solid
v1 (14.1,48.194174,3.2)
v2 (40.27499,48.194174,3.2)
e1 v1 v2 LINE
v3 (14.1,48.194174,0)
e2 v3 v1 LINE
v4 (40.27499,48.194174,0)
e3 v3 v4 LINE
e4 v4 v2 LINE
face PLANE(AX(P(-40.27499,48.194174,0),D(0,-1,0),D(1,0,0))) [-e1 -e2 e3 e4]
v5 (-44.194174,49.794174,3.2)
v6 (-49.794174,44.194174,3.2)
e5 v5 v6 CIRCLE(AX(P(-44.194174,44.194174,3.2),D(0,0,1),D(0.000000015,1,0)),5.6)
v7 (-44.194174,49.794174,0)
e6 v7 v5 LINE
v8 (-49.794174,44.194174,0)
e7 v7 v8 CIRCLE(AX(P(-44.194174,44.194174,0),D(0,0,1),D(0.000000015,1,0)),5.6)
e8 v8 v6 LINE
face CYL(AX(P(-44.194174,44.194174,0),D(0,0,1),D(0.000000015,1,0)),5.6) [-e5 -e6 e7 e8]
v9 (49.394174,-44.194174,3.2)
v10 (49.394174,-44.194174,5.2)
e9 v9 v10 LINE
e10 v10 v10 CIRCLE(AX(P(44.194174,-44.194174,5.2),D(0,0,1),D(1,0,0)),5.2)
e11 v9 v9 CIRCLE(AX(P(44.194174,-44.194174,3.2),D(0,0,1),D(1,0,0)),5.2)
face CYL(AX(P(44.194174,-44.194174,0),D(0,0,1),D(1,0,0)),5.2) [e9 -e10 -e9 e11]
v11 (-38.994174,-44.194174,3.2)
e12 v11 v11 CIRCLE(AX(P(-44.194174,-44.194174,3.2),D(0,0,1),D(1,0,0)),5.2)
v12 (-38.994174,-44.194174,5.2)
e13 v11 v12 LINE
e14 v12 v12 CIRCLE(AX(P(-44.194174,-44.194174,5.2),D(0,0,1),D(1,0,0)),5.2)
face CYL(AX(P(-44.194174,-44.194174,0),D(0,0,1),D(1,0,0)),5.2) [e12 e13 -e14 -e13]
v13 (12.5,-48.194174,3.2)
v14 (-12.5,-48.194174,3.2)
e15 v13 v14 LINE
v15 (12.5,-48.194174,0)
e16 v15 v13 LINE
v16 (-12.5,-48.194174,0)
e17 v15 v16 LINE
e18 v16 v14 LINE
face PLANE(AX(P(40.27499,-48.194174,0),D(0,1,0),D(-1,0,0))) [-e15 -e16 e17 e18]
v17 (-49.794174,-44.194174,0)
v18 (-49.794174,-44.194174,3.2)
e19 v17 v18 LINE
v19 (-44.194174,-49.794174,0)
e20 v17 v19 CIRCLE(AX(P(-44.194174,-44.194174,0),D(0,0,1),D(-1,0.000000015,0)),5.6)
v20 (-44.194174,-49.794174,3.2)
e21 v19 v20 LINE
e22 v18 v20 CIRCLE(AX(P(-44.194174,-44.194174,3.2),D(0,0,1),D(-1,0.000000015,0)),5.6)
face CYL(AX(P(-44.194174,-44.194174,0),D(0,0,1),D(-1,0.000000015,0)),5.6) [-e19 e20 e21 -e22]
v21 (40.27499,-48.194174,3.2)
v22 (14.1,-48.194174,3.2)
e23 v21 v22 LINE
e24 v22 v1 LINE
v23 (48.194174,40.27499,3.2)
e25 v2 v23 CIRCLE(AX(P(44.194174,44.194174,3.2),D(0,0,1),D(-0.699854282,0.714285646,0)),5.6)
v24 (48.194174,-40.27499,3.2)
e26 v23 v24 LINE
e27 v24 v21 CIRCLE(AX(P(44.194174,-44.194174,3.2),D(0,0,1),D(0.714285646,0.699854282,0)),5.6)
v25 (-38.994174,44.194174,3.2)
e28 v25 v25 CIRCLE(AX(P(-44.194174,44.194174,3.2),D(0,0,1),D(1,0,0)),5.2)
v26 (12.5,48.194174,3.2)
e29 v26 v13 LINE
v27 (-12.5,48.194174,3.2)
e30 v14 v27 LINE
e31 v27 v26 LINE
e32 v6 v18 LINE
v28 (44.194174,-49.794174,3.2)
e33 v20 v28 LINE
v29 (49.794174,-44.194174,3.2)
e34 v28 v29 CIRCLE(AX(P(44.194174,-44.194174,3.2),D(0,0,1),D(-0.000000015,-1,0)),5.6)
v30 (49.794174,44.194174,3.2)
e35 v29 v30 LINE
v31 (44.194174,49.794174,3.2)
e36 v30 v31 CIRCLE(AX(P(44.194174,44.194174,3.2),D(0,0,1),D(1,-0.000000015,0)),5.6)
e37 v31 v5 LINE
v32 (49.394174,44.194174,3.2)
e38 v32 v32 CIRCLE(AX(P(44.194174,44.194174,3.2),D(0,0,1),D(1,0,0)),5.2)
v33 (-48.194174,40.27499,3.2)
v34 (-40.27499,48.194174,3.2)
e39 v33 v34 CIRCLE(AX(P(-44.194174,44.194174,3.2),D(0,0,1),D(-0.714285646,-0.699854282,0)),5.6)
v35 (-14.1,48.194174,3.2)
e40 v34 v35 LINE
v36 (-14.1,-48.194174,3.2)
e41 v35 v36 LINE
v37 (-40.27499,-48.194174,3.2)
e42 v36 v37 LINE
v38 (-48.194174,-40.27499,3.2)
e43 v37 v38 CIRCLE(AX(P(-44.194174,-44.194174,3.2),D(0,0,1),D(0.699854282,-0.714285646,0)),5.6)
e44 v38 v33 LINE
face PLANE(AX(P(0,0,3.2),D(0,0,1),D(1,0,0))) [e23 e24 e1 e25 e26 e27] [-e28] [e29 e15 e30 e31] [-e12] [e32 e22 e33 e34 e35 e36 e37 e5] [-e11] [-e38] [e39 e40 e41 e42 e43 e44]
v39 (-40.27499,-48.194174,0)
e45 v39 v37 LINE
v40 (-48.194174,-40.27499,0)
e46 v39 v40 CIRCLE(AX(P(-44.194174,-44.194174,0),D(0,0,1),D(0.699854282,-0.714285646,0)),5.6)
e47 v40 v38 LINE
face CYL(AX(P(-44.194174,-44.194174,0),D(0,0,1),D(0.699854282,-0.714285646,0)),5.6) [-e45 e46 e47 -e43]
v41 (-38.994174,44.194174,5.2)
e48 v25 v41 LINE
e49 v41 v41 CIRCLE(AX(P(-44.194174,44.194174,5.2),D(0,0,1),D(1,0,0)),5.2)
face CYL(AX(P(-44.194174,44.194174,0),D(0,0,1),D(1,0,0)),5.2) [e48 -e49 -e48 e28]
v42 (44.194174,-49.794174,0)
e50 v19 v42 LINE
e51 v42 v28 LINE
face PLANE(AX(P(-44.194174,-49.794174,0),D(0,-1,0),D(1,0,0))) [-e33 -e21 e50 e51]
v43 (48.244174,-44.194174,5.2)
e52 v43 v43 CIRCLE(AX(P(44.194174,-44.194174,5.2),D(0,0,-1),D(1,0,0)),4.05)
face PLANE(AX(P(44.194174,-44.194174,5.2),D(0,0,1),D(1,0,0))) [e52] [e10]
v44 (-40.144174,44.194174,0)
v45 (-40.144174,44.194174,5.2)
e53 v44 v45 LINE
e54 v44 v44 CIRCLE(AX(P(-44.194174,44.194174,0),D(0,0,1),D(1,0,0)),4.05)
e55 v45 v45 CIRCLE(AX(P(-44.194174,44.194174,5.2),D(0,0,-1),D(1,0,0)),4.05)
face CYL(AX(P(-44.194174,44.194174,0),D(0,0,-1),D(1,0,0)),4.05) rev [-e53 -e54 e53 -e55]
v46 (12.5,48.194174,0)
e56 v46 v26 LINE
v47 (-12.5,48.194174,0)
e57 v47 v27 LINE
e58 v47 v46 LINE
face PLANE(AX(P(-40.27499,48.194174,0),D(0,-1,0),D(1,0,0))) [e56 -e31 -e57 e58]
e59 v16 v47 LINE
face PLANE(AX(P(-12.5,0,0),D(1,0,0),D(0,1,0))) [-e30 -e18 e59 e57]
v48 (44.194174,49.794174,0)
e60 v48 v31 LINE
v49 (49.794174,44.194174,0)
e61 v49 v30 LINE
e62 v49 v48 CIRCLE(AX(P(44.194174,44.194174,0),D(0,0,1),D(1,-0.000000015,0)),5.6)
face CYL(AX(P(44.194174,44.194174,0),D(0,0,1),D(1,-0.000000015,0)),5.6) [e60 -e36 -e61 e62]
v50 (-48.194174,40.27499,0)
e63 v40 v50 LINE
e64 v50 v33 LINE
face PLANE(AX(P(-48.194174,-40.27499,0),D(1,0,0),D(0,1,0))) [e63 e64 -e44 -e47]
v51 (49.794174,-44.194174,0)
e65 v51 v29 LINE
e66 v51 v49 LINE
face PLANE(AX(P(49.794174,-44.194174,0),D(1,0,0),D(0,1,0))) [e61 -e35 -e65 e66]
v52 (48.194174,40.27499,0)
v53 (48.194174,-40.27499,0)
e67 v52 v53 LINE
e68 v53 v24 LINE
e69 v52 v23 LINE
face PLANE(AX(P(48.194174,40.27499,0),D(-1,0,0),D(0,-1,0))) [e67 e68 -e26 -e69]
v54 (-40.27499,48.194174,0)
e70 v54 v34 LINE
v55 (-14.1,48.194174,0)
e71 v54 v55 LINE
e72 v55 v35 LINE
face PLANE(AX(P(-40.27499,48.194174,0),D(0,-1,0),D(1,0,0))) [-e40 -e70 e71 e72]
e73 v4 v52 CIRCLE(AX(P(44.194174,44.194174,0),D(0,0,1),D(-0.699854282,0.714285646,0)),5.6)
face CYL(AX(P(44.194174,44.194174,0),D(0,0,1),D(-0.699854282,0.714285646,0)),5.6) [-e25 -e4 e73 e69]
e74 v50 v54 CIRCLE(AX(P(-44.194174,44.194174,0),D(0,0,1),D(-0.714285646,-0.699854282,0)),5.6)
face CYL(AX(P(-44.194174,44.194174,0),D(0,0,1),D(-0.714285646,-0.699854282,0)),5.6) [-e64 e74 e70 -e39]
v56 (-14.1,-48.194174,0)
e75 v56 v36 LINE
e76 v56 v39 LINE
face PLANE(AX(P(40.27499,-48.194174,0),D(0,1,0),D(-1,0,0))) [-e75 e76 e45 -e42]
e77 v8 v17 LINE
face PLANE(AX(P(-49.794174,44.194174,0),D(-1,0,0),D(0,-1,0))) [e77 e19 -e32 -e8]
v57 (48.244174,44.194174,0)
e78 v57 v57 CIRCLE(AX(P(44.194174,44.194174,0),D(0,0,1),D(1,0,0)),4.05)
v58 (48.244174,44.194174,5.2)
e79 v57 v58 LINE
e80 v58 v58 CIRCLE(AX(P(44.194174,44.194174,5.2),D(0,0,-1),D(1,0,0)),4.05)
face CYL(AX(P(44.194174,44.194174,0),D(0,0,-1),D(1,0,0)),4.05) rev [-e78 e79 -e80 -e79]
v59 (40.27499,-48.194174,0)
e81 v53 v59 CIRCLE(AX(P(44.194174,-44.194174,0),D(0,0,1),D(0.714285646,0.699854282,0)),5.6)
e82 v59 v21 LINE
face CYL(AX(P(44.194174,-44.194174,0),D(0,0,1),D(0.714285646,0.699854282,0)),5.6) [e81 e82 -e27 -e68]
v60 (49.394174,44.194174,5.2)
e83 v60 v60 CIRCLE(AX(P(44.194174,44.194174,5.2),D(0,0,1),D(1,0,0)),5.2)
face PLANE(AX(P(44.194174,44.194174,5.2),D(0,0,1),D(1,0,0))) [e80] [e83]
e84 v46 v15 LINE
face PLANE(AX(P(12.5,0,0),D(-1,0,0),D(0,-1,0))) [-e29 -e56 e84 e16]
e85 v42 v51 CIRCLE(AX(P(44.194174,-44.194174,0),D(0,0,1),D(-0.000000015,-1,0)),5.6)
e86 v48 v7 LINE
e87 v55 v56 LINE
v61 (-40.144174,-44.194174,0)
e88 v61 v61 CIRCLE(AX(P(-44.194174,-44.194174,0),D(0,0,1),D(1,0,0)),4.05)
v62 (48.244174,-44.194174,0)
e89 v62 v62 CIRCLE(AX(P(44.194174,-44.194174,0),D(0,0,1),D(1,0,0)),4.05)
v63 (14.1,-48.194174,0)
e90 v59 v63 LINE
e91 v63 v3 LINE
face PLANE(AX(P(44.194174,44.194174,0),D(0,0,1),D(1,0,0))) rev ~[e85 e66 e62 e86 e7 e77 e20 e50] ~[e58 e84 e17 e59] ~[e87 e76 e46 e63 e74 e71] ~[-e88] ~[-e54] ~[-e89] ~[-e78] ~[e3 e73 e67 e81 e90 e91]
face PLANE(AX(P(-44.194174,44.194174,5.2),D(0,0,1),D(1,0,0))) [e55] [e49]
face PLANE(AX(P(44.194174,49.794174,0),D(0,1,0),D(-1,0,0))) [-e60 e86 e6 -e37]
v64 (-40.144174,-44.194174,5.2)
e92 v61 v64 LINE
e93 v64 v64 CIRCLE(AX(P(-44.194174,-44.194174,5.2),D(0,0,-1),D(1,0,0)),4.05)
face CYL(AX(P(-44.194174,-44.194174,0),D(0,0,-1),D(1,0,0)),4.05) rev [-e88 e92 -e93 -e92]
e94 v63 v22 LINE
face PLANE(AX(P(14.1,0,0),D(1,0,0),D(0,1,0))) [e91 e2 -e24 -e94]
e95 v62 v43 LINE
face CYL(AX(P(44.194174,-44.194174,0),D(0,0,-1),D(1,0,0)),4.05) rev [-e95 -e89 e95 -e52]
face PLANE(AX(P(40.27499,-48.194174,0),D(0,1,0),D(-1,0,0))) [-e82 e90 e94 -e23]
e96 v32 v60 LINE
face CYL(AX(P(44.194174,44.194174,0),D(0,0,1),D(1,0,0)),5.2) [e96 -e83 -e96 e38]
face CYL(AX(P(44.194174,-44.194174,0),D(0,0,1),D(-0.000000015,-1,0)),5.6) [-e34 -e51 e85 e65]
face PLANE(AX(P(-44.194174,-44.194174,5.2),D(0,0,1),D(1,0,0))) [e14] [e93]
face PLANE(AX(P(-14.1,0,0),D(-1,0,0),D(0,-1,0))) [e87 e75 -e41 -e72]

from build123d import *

# Parameters (mm, degrees)
F3_W     = 1.6
F3_H     = 96.388348
F4_R     = 5.2
F5_R     = 4.05
F8_DEPTH = 5.201


with BuildPart() as f6:
    # F6: sweep along a path in F1
    with BuildLine(Plane.XZ) as f6_path:
        Line((0, 0), (0, 0.6))
        Line((0, 0.6), (0, 3.2))
    # F2 (on Top) + F3 (on Top) → F6 (sweep)
    with BuildSketch(Plane.XY):
        with BuildLine():
            ThreePointArc((49.794174, 44.194174), (48.153972, 48.153972), (44.194174, 49.794174))
            Line((44.194174, 49.794174), (0, 49.794174))
            Line((0, 49.794174), (-44.194174, 49.794174))
            ThreePointArc((-44.194174, 49.794174), (-48.153972, 48.153972), (-49.794174, 44.194174))
            Line((-49.794174, 44.194174), (-49.794174, 0))
            Line((-49.794174, 0), (-49.794174, -44.194174))
            ThreePointArc((-49.794174, -44.194174), (-48.153972, -48.153972), (-44.194174, -49.794174))
            Line((-44.194174, -49.794174), (0, -49.794174))
            Line((0, -49.794174), (44.194174, -49.794174))
            ThreePointArc((44.194174, -49.794174), (48.153972, -48.153972), (49.794174, -44.194174))
            Line((49.794174, -44.194174), (49.794174, 0))
            Line((49.794174, 0), (49.794174, 44.194174))
        make_face()
        with BuildLine():
            Line((0, 48.194174), (40.27499, 48.194174))
            ThreePointArc((40.27499, 48.194174), (40.234376, 40.234376), (48.194174, 40.27499))
            Line((48.194174, 40.27499), (48.194174, 0))
            Line((48.194174, 0), (48.194174, -40.27499))
            ThreePointArc((48.194174, -40.27499), (40.234376, -40.234376), (40.27499, -48.194174))
            Line((40.27499, -48.194174), (0, -48.194174))
            Line((0, -48.194174), (-40.27499, -48.194174))
            ThreePointArc((-40.27499, -48.194174), (-40.234376, -40.234376), (-48.194174, -40.27499))
            Line((-48.194174, -40.27499), (-48.194174, 0))
            Line((-48.194174, 0), (-48.194174, 40.27499))
            ThreePointArc((-48.194174, 40.27499), (-40.234376, 40.234376), (-40.27499, 48.194174))
            Line((-40.27499, 48.194174), (0, 48.194174))
        make_face(mode=Mode.SUBTRACT)
    with BuildSketch(Plane.XY):
        with Locations((-13.3, 0)):
            Rectangle(F3_W, F3_H)
        with Locations((13.3, 0)):
            Rectangle(F3_W, F3_H)
    sweep(path=f6_path.line)

    # F7: sweep along a path in F1
    with BuildLine(Plane.XZ) as f7_path:
        Line((0, 0), (0, 0.6))
        Line((0, 0.6), (0, 3.2))
        Line((0, 3.2), (0, 5.2))
    # F4 (on Top) → F7 (sweep)
    with BuildSketch(Plane.XY):
        with Locations((44.194174, 44.194174)):
            Circle(F4_R)
        with Locations((-44.194174, 44.194174)):
            Circle(F4_R)
        with Locations((-44.194174, -44.194174)):
            Circle(F4_R)
        with Locations((44.194174, -44.194174)):
            Circle(F4_R)
    sweep(path=f7_path.line)

    # F5 (on Top) → F8 (cut, through all)
    with BuildSketch(Plane.XY):
        with Locations((44.194174, 44.194174)):
            Circle(F5_R)
        with Locations((-44.194174, 44.194174)):
            Circle(F5_R)
        with Locations((-44.194174, -44.194174)):
            Circle(F5_R)
        with Locations((44.194174, -44.194174)):
            Circle(F5_R)
    extrude(amount=F8_DEPTH, mode=Mode.SUBTRACT)


solid = f6.part
